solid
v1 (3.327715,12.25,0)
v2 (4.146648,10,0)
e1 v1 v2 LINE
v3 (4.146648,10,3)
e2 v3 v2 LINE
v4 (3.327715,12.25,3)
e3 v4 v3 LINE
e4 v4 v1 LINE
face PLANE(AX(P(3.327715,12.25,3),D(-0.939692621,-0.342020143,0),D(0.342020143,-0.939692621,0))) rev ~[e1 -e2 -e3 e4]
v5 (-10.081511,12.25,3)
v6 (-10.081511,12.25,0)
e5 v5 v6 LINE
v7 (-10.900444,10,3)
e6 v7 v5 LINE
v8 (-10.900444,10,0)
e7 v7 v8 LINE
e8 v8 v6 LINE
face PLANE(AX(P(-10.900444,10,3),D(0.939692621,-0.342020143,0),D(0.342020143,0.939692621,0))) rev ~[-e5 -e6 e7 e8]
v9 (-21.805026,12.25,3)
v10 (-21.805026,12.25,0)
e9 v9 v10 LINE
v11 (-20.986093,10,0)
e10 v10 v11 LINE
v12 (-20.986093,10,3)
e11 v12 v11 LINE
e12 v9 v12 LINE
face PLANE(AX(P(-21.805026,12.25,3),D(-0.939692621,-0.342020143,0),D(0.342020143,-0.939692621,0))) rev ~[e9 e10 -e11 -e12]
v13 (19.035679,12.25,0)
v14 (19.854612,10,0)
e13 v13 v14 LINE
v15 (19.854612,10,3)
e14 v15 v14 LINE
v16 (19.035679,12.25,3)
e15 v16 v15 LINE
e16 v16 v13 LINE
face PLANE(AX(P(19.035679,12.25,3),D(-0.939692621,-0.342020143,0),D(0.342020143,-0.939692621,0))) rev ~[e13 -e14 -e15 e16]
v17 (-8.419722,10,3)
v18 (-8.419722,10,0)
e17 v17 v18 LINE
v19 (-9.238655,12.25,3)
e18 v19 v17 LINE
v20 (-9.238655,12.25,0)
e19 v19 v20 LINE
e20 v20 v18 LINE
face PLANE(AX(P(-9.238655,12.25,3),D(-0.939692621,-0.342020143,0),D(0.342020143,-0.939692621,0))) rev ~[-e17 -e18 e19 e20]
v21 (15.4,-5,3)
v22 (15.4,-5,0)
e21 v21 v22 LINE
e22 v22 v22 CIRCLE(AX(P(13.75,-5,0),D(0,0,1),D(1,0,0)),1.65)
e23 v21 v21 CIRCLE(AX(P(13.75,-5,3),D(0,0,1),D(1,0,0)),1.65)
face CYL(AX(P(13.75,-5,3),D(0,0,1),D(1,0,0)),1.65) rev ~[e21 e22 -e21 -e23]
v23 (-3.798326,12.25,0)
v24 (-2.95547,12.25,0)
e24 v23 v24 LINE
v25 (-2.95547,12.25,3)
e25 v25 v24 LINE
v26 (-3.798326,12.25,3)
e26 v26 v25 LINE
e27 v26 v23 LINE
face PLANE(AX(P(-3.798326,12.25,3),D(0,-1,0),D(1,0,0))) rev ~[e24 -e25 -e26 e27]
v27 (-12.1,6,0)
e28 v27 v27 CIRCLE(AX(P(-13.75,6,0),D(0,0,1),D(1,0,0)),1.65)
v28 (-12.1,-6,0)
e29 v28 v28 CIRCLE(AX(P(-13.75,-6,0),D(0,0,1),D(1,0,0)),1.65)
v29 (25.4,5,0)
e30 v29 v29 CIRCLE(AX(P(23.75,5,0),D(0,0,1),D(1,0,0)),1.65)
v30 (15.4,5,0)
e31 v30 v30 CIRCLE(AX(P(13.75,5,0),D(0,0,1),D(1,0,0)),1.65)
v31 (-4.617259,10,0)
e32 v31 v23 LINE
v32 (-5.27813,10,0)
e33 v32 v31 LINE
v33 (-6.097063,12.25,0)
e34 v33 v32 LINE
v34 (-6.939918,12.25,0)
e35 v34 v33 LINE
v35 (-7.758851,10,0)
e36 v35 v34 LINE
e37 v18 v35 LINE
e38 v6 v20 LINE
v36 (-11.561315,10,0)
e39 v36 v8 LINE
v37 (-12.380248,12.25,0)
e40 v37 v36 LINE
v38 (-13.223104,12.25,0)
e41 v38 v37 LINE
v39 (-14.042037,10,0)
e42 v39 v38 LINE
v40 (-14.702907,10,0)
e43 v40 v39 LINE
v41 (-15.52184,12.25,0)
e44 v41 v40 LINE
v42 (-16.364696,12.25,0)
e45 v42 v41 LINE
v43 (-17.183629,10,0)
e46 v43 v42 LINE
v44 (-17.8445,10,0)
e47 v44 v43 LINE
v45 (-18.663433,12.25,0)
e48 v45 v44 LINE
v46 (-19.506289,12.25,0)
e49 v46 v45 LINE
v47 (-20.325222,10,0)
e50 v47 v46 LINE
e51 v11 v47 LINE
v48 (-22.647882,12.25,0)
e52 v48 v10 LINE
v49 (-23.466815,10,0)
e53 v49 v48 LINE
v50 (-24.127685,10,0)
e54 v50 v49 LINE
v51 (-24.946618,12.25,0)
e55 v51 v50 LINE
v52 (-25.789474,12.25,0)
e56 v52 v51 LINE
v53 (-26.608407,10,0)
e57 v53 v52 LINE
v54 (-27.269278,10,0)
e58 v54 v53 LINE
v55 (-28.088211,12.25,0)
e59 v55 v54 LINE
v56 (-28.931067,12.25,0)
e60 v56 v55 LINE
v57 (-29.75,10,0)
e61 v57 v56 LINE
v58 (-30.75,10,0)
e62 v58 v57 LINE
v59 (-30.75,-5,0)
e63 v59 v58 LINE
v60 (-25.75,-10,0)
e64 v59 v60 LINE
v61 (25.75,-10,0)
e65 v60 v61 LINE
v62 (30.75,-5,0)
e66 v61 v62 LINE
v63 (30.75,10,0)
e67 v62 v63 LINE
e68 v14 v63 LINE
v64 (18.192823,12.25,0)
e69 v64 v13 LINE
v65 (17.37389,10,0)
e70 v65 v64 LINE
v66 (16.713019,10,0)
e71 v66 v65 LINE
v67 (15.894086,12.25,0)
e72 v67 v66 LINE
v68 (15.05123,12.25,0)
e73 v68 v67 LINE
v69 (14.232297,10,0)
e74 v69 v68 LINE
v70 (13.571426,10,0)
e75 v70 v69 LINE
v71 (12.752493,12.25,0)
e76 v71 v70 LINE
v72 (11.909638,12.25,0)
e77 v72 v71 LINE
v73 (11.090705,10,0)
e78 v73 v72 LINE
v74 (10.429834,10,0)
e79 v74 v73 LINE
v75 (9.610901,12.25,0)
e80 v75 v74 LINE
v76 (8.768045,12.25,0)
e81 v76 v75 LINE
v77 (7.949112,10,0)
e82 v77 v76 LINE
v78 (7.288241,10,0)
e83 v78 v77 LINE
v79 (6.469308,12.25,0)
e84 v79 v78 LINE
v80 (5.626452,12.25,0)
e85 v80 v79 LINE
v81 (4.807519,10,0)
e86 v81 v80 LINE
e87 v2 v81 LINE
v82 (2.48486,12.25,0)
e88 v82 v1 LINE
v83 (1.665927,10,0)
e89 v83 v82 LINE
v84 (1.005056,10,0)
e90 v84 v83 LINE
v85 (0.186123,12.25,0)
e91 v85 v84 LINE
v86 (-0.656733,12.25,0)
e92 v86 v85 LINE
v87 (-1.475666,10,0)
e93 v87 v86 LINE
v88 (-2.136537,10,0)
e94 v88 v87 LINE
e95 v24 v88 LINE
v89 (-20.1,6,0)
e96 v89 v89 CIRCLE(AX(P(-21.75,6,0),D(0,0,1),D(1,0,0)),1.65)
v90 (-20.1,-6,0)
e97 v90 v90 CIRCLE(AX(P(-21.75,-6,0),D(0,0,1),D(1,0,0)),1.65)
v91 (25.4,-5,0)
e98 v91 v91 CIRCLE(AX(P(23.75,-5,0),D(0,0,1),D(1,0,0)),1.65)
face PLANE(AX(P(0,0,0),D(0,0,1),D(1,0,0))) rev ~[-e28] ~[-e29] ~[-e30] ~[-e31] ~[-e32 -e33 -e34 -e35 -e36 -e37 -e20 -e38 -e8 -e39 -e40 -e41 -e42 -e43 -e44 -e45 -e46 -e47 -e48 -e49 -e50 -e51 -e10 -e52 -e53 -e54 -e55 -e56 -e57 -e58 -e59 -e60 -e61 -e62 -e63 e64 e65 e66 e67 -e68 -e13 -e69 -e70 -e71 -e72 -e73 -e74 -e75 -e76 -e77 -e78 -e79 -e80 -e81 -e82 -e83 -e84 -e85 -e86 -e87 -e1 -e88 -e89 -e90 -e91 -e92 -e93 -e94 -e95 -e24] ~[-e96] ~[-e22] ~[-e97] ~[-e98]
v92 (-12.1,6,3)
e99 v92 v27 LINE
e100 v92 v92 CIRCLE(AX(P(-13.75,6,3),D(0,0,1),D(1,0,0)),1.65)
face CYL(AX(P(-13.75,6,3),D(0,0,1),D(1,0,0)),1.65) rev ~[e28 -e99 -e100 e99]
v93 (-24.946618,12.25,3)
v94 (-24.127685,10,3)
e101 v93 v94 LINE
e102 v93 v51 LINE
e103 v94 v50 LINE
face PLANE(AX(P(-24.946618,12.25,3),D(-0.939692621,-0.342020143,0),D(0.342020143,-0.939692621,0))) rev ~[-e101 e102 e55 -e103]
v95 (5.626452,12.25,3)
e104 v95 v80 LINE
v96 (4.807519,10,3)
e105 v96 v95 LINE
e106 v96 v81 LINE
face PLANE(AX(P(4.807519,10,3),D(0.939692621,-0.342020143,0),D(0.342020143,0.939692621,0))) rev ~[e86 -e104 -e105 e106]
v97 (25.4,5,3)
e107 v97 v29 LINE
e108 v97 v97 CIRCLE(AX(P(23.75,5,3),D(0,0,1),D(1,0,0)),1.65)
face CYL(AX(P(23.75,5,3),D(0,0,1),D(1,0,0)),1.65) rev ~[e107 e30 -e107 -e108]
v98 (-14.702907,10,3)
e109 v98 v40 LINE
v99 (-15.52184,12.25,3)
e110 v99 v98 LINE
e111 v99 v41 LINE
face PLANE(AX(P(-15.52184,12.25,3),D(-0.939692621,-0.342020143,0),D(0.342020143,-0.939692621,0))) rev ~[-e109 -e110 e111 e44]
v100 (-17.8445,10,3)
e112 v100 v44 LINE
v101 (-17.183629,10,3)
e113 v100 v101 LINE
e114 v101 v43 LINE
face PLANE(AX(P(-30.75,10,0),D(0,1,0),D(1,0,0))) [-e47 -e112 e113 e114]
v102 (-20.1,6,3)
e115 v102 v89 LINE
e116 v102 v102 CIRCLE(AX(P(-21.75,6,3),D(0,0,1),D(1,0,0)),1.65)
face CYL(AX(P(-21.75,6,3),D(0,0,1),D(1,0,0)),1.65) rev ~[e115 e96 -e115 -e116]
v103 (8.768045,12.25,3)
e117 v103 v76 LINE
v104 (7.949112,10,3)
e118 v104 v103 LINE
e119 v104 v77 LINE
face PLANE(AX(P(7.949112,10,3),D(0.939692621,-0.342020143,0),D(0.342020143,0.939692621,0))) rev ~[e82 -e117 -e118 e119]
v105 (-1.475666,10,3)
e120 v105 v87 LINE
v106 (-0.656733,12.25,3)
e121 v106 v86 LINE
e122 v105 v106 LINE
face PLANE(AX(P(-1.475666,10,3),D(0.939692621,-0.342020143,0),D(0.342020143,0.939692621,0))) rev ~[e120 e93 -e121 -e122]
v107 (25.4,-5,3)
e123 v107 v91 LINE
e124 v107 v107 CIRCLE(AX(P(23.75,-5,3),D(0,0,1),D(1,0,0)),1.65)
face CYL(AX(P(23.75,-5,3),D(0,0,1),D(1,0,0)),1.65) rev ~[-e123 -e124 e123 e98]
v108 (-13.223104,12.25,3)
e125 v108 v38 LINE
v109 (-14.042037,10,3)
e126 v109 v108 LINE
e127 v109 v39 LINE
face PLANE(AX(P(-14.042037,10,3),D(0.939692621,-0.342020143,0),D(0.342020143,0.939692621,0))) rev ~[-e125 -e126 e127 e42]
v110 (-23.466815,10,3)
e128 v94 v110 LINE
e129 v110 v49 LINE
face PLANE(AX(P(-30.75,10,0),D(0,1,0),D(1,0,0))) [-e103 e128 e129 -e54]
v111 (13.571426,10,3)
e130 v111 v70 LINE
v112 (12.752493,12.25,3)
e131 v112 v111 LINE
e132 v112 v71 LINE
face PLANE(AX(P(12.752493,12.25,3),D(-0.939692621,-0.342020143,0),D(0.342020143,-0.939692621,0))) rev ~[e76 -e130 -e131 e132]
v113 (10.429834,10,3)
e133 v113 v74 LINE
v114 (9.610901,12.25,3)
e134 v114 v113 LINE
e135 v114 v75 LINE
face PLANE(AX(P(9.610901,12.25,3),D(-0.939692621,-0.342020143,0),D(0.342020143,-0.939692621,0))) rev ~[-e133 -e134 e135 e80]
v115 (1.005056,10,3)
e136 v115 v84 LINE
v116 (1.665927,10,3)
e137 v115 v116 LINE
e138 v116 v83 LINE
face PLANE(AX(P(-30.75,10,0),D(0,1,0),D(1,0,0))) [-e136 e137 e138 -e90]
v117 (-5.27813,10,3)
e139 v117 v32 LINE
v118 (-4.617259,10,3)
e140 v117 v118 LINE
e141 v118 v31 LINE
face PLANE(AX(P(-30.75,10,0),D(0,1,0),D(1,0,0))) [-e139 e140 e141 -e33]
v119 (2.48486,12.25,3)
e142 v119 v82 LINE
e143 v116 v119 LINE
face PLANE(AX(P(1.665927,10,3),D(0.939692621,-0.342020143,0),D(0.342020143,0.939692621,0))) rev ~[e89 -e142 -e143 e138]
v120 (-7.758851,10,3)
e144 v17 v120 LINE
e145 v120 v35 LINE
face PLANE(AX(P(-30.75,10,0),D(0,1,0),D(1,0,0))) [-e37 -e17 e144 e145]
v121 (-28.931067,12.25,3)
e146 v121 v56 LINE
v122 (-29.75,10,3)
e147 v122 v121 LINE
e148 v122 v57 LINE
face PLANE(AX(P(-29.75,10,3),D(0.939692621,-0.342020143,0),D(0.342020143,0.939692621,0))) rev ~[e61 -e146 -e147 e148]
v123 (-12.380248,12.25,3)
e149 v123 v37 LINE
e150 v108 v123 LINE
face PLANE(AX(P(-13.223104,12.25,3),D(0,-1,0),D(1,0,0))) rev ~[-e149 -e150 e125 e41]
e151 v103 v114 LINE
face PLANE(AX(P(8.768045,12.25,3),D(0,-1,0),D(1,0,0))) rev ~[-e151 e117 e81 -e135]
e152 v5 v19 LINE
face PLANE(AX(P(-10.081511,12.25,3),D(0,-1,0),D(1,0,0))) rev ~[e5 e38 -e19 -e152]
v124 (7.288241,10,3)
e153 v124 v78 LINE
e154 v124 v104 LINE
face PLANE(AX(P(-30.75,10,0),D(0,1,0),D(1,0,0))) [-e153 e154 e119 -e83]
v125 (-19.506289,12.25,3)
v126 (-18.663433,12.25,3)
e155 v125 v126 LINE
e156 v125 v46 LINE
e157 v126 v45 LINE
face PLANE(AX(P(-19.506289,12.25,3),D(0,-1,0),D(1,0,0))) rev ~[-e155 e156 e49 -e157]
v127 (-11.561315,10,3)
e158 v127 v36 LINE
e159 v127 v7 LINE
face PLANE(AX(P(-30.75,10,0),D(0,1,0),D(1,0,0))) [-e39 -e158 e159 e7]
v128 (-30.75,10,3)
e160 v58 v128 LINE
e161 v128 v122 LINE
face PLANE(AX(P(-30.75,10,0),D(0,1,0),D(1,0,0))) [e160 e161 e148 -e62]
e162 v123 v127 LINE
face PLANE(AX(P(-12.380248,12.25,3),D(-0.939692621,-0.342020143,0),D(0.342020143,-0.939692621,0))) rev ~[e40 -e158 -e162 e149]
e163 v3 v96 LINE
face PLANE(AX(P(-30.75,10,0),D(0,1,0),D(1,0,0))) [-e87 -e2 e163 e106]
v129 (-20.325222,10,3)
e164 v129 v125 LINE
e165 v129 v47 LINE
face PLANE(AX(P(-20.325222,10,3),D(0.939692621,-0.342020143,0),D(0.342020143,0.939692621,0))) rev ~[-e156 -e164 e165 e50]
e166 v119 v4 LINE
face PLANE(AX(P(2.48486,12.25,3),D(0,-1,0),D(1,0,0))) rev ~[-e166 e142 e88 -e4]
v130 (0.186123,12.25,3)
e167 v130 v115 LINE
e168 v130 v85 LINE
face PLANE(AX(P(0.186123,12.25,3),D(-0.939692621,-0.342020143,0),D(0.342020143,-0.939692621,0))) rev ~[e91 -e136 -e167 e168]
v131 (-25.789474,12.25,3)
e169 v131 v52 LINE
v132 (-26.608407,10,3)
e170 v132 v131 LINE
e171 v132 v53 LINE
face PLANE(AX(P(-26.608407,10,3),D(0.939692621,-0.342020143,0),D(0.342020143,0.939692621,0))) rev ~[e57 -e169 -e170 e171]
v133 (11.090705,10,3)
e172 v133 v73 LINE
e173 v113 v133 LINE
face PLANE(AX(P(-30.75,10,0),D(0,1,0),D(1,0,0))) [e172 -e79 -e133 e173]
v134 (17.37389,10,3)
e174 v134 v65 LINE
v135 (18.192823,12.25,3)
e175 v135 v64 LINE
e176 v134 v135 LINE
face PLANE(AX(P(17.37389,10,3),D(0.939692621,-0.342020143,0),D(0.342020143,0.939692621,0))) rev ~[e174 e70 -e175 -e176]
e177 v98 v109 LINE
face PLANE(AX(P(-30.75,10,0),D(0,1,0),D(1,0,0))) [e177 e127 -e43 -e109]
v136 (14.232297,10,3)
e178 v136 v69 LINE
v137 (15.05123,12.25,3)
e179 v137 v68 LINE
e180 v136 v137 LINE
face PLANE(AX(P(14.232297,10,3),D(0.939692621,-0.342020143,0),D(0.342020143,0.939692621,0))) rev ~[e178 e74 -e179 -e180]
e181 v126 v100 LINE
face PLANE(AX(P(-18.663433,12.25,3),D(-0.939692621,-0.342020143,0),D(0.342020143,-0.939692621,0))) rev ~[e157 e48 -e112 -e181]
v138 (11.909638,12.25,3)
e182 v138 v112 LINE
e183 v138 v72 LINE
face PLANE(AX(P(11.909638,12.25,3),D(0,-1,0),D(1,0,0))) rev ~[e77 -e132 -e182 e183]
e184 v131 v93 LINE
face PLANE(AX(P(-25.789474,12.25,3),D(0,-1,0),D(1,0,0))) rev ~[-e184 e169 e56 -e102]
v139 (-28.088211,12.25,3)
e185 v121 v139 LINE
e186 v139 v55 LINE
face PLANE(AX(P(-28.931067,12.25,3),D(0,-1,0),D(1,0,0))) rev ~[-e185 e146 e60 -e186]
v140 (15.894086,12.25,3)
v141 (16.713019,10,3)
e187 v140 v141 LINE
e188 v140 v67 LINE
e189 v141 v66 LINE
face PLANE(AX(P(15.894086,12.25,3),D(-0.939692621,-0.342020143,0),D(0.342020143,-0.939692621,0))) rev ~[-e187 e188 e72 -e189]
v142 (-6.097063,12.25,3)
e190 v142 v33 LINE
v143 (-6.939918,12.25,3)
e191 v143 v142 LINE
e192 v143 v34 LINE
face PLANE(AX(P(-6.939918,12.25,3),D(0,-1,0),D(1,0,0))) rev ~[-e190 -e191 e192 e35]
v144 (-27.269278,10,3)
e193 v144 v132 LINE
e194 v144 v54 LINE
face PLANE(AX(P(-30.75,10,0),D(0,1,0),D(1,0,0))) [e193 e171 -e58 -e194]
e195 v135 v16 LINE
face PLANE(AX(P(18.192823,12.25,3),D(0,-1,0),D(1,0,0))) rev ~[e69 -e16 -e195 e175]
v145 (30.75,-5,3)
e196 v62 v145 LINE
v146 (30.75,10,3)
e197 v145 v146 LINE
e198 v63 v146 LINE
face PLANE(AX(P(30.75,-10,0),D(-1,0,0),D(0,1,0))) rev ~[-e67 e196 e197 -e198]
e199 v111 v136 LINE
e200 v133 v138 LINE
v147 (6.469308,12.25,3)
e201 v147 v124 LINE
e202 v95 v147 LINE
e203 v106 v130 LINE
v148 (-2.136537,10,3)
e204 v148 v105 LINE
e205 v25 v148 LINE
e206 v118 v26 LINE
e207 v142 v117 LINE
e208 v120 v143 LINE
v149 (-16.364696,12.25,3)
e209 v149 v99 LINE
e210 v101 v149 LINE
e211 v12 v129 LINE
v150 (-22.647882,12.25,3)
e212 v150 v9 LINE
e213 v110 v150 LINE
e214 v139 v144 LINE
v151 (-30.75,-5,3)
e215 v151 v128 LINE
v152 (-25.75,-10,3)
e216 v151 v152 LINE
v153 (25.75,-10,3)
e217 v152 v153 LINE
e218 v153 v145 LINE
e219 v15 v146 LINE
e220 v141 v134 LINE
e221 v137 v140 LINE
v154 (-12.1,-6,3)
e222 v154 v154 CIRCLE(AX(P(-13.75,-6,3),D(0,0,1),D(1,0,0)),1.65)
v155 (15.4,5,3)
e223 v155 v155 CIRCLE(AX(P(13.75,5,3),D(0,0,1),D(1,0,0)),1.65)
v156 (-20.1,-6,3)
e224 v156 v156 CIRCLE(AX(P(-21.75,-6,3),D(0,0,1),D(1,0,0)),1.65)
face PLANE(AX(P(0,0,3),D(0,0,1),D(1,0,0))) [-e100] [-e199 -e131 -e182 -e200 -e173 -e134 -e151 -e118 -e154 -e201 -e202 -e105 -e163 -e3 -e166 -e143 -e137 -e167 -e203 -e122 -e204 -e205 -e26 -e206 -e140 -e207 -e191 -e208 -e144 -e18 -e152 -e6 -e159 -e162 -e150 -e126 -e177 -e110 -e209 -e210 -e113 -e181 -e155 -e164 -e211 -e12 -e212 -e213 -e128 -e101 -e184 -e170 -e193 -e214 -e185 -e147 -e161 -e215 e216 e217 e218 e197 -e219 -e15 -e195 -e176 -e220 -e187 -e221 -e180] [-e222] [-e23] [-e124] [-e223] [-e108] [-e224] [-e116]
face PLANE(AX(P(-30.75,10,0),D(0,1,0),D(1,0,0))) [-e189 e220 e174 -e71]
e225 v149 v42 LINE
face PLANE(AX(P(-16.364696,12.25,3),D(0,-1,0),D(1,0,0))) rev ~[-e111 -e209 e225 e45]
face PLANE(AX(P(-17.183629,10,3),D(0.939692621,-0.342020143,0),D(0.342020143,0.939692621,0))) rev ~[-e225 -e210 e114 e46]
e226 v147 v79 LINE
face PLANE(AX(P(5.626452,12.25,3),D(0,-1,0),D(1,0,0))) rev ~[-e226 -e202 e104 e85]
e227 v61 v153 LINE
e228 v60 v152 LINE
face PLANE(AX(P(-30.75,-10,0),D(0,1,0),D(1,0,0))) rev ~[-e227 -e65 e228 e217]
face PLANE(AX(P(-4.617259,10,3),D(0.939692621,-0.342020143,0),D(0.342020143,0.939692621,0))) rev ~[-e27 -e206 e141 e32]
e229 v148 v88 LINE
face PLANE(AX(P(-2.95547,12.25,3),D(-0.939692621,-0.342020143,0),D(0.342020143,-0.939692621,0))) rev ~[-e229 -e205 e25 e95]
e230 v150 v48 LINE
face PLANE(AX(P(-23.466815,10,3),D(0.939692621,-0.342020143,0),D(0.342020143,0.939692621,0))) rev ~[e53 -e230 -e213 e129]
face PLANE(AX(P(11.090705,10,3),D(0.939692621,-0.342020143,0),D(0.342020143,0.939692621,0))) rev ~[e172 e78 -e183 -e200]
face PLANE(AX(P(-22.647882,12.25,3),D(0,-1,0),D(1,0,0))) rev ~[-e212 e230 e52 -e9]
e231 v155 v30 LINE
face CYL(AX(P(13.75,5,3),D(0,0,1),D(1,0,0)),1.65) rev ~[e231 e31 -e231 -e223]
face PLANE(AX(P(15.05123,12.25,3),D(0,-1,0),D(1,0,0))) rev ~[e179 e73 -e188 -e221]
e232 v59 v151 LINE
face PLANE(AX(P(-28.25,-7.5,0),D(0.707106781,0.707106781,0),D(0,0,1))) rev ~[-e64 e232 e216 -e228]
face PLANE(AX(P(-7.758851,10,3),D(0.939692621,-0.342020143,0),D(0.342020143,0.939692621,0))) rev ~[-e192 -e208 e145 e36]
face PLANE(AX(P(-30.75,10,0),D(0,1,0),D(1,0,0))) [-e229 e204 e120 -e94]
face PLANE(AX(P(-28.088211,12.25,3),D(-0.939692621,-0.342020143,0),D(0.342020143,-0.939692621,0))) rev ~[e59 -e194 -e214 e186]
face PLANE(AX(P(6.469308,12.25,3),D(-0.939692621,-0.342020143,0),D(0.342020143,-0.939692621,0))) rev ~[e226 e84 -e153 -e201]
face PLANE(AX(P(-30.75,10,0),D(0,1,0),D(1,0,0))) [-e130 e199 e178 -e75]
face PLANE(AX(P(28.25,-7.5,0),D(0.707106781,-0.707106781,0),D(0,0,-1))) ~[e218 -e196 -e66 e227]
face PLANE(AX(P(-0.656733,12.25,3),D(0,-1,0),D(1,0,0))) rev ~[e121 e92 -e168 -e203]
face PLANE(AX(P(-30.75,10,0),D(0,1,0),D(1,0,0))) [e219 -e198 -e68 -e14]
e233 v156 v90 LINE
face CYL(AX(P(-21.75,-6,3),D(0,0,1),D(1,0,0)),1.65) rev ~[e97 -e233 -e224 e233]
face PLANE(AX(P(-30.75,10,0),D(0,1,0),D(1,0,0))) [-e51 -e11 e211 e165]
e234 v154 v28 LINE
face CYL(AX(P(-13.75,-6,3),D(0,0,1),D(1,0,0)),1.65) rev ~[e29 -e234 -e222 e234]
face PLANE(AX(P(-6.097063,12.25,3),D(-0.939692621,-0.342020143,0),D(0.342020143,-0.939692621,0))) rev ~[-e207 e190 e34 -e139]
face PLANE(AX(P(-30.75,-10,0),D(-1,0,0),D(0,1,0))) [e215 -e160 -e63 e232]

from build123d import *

# Parameters (mm, degrees)
SKETCH_1_W             = 61.5
SKETCH_1_H             = 20
EXTRUDE_1_DEPTH        = 3
EXTRUDE_2_DEPTH        = 3
PATTERN_LINEAR_1_COUNT = 16
PATTERN_LINEAR_1_PITCH = 3.141592654
CUT_EXTRUDE_1_REACH    = 5
SKETCH_3_R             = 1.65
CUT_EXTRUDE_2_REACH    = 5
SKETCH_4_R             = 1.65
CHAMFER_1_SIZE         = 5


with BuildPart() as part:
    # 草圖1 → 填料-伸長1 (new body)
    with BuildSketch(Plane.XY):
        Rectangle(SKETCH_1_W, SKETCH_1_H)
    extrude(amount=EXTRUDE_1_DEPTH)

    # 草圖2 → 填料-伸長2 (add)
    with BuildSketch(Plane.XY.offset(3)):
        Polygon((-29.75, 10), (-28.931066973, 12.25), (-28.088211111, 12.25), (-27.269278084, 10), align=None)
    extrude_2 = extrude(amount=-EXTRUDE_2_DEPTH)

    # 直線複製排列1: 填料-伸長2 ×16
    with Locations(*[(i * PATTERN_LINEAR_1_PITCH, 0, 0) for i in range(1, PATTERN_LINEAR_1_COUNT)]):
        add(extrude_2)

    # 草圖3 → 除料-伸長1 (cut, up to next)
    with BuildSketch(Plane.XY.offset(3), mode=Mode.PRIVATE) as cut_extrude_1_sk1:
        with Locations((-21.75, 6)):
            Circle(SKETCH_3_R)
    cut_extrude_1_tool1 = extrude(cut_extrude_1_sk1.sketch, amount=-CUT_EXTRUDE_1_REACH, mode=Mode.PRIVATE) & part.part
    add(cut_extrude_1_tool1.solids().sort_by_distance((-21.75, 6, 3))[0], mode=Mode.SUBTRACT)
    # 草圖3 → 除料-伸長1 (cut, up to next)
    with BuildSketch(Plane.XY.offset(3), mode=Mode.PRIVATE) as cut_extrude_1_sk2:
        with Locations((-13.75, 6)):
            Circle(SKETCH_3_R)
    cut_extrude_1_tool2 = extrude(cut_extrude_1_sk2.sketch, amount=-CUT_EXTRUDE_1_REACH, mode=Mode.PRIVATE) & part.part
    add(cut_extrude_1_tool2.solids().sort_by_distance((-13.75, 6, 3))[0], mode=Mode.SUBTRACT)
    # 草圖3 → 除料-伸長1 (cut, up to next)
    with BuildSketch(Plane.XY.offset(3), mode=Mode.PRIVATE) as cut_extrude_1_sk3:
        with Locations((-21.75, -6)):
            Circle(SKETCH_3_R)
    cut_extrude_1_tool3 = extrude(cut_extrude_1_sk3.sketch, amount=-CUT_EXTRUDE_1_REACH, mode=Mode.PRIVATE) & part.part
    add(cut_extrude_1_tool3.solids().sort_by_distance((-21.75, -6, 3))[0], mode=Mode.SUBTRACT)
    # 草圖3 → 除料-伸長1 (cut, up to next)
    with BuildSketch(Plane.XY.offset(3), mode=Mode.PRIVATE) as cut_extrude_1_sk4:
        with Locations((-13.75, -6)):
            Circle(SKETCH_3_R)
    cut_extrude_1_tool4 = extrude(cut_extrude_1_sk4.sketch, amount=-CUT_EXTRUDE_1_REACH, mode=Mode.PRIVATE) & part.part
    add(cut_extrude_1_tool4.solids().sort_by_distance((-13.75, -6, 3))[0], mode=Mode.SUBTRACT)

    # 草圖4 → 除料-伸長2 (cut, up to next)
    with BuildSketch(Plane.XY.offset(3), mode=Mode.PRIVATE) as cut_extrude_2_sk1:
        with Locations((23.75, 5)):
            Circle(SKETCH_4_R)
    cut_extrude_2_tool1 = extrude(cut_extrude_2_sk1.sketch, amount=-CUT_EXTRUDE_2_REACH, mode=Mode.PRIVATE) & part.part
    add(cut_extrude_2_tool1.solids().sort_by_distance((23.75, 5, 3))[0], mode=Mode.SUBTRACT)
    # 草圖4 → 除料-伸長2 (cut, up to next)
    with BuildSketch(Plane.XY.offset(3), mode=Mode.PRIVATE) as cut_extrude_2_sk2:
        with Locations((13.75, 5)):
            Circle(SKETCH_4_R)
    cut_extrude_2_tool2 = extrude(cut_extrude_2_sk2.sketch, amount=-CUT_EXTRUDE_2_REACH, mode=Mode.PRIVATE) & part.part
    add(cut_extrude_2_tool2.solids().sort_by_distance((13.75, 5, 3))[0], mode=Mode.SUBTRACT)
    # 草圖4 → 除料-伸長2 (cut, up to next)
    with BuildSketch(Plane.XY.offset(3), mode=Mode.PRIVATE) as cut_extrude_2_sk3:
        with Locations((23.75, -5)):
            Circle(SKETCH_4_R)
    cut_extrude_2_tool3 = extrude(cut_extrude_2_sk3.sketch, amount=-CUT_EXTRUDE_2_REACH, mode=Mode.PRIVATE) & part.part
    add(cut_extrude_2_tool3.solids().sort_by_distance((23.75, -5, 3))[0], mode=Mode.SUBTRACT)
    # 草圖4 → 除料-伸長2 (cut, up to next)
    with BuildSketch(Plane.XY.offset(3), mode=Mode.PRIVATE) as cut_extrude_2_sk4:
        with Locations((13.75, -5)):
            Circle(SKETCH_4_R)
    cut_extrude_2_tool4 = extrude(cut_extrude_2_sk4.sketch, amount=-CUT_EXTRUDE_2_REACH, mode=Mode.PRIVATE) & part.part
    add(cut_extrude_2_tool4.solids().sort_by_distance((13.75, -5, 3))[0], mode=Mode.SUBTRACT)

    # 導角1
    chamfer_1_edges = [part.edges().sort_by_distance(p)[0] for p in [
        (30.75, -10, 1.5),
        (-30.75, -10, 1.5),
    ]]
    chamfer(chamfer_1_edges, length=CHAMFER_1_SIZE)


solid = part.part
